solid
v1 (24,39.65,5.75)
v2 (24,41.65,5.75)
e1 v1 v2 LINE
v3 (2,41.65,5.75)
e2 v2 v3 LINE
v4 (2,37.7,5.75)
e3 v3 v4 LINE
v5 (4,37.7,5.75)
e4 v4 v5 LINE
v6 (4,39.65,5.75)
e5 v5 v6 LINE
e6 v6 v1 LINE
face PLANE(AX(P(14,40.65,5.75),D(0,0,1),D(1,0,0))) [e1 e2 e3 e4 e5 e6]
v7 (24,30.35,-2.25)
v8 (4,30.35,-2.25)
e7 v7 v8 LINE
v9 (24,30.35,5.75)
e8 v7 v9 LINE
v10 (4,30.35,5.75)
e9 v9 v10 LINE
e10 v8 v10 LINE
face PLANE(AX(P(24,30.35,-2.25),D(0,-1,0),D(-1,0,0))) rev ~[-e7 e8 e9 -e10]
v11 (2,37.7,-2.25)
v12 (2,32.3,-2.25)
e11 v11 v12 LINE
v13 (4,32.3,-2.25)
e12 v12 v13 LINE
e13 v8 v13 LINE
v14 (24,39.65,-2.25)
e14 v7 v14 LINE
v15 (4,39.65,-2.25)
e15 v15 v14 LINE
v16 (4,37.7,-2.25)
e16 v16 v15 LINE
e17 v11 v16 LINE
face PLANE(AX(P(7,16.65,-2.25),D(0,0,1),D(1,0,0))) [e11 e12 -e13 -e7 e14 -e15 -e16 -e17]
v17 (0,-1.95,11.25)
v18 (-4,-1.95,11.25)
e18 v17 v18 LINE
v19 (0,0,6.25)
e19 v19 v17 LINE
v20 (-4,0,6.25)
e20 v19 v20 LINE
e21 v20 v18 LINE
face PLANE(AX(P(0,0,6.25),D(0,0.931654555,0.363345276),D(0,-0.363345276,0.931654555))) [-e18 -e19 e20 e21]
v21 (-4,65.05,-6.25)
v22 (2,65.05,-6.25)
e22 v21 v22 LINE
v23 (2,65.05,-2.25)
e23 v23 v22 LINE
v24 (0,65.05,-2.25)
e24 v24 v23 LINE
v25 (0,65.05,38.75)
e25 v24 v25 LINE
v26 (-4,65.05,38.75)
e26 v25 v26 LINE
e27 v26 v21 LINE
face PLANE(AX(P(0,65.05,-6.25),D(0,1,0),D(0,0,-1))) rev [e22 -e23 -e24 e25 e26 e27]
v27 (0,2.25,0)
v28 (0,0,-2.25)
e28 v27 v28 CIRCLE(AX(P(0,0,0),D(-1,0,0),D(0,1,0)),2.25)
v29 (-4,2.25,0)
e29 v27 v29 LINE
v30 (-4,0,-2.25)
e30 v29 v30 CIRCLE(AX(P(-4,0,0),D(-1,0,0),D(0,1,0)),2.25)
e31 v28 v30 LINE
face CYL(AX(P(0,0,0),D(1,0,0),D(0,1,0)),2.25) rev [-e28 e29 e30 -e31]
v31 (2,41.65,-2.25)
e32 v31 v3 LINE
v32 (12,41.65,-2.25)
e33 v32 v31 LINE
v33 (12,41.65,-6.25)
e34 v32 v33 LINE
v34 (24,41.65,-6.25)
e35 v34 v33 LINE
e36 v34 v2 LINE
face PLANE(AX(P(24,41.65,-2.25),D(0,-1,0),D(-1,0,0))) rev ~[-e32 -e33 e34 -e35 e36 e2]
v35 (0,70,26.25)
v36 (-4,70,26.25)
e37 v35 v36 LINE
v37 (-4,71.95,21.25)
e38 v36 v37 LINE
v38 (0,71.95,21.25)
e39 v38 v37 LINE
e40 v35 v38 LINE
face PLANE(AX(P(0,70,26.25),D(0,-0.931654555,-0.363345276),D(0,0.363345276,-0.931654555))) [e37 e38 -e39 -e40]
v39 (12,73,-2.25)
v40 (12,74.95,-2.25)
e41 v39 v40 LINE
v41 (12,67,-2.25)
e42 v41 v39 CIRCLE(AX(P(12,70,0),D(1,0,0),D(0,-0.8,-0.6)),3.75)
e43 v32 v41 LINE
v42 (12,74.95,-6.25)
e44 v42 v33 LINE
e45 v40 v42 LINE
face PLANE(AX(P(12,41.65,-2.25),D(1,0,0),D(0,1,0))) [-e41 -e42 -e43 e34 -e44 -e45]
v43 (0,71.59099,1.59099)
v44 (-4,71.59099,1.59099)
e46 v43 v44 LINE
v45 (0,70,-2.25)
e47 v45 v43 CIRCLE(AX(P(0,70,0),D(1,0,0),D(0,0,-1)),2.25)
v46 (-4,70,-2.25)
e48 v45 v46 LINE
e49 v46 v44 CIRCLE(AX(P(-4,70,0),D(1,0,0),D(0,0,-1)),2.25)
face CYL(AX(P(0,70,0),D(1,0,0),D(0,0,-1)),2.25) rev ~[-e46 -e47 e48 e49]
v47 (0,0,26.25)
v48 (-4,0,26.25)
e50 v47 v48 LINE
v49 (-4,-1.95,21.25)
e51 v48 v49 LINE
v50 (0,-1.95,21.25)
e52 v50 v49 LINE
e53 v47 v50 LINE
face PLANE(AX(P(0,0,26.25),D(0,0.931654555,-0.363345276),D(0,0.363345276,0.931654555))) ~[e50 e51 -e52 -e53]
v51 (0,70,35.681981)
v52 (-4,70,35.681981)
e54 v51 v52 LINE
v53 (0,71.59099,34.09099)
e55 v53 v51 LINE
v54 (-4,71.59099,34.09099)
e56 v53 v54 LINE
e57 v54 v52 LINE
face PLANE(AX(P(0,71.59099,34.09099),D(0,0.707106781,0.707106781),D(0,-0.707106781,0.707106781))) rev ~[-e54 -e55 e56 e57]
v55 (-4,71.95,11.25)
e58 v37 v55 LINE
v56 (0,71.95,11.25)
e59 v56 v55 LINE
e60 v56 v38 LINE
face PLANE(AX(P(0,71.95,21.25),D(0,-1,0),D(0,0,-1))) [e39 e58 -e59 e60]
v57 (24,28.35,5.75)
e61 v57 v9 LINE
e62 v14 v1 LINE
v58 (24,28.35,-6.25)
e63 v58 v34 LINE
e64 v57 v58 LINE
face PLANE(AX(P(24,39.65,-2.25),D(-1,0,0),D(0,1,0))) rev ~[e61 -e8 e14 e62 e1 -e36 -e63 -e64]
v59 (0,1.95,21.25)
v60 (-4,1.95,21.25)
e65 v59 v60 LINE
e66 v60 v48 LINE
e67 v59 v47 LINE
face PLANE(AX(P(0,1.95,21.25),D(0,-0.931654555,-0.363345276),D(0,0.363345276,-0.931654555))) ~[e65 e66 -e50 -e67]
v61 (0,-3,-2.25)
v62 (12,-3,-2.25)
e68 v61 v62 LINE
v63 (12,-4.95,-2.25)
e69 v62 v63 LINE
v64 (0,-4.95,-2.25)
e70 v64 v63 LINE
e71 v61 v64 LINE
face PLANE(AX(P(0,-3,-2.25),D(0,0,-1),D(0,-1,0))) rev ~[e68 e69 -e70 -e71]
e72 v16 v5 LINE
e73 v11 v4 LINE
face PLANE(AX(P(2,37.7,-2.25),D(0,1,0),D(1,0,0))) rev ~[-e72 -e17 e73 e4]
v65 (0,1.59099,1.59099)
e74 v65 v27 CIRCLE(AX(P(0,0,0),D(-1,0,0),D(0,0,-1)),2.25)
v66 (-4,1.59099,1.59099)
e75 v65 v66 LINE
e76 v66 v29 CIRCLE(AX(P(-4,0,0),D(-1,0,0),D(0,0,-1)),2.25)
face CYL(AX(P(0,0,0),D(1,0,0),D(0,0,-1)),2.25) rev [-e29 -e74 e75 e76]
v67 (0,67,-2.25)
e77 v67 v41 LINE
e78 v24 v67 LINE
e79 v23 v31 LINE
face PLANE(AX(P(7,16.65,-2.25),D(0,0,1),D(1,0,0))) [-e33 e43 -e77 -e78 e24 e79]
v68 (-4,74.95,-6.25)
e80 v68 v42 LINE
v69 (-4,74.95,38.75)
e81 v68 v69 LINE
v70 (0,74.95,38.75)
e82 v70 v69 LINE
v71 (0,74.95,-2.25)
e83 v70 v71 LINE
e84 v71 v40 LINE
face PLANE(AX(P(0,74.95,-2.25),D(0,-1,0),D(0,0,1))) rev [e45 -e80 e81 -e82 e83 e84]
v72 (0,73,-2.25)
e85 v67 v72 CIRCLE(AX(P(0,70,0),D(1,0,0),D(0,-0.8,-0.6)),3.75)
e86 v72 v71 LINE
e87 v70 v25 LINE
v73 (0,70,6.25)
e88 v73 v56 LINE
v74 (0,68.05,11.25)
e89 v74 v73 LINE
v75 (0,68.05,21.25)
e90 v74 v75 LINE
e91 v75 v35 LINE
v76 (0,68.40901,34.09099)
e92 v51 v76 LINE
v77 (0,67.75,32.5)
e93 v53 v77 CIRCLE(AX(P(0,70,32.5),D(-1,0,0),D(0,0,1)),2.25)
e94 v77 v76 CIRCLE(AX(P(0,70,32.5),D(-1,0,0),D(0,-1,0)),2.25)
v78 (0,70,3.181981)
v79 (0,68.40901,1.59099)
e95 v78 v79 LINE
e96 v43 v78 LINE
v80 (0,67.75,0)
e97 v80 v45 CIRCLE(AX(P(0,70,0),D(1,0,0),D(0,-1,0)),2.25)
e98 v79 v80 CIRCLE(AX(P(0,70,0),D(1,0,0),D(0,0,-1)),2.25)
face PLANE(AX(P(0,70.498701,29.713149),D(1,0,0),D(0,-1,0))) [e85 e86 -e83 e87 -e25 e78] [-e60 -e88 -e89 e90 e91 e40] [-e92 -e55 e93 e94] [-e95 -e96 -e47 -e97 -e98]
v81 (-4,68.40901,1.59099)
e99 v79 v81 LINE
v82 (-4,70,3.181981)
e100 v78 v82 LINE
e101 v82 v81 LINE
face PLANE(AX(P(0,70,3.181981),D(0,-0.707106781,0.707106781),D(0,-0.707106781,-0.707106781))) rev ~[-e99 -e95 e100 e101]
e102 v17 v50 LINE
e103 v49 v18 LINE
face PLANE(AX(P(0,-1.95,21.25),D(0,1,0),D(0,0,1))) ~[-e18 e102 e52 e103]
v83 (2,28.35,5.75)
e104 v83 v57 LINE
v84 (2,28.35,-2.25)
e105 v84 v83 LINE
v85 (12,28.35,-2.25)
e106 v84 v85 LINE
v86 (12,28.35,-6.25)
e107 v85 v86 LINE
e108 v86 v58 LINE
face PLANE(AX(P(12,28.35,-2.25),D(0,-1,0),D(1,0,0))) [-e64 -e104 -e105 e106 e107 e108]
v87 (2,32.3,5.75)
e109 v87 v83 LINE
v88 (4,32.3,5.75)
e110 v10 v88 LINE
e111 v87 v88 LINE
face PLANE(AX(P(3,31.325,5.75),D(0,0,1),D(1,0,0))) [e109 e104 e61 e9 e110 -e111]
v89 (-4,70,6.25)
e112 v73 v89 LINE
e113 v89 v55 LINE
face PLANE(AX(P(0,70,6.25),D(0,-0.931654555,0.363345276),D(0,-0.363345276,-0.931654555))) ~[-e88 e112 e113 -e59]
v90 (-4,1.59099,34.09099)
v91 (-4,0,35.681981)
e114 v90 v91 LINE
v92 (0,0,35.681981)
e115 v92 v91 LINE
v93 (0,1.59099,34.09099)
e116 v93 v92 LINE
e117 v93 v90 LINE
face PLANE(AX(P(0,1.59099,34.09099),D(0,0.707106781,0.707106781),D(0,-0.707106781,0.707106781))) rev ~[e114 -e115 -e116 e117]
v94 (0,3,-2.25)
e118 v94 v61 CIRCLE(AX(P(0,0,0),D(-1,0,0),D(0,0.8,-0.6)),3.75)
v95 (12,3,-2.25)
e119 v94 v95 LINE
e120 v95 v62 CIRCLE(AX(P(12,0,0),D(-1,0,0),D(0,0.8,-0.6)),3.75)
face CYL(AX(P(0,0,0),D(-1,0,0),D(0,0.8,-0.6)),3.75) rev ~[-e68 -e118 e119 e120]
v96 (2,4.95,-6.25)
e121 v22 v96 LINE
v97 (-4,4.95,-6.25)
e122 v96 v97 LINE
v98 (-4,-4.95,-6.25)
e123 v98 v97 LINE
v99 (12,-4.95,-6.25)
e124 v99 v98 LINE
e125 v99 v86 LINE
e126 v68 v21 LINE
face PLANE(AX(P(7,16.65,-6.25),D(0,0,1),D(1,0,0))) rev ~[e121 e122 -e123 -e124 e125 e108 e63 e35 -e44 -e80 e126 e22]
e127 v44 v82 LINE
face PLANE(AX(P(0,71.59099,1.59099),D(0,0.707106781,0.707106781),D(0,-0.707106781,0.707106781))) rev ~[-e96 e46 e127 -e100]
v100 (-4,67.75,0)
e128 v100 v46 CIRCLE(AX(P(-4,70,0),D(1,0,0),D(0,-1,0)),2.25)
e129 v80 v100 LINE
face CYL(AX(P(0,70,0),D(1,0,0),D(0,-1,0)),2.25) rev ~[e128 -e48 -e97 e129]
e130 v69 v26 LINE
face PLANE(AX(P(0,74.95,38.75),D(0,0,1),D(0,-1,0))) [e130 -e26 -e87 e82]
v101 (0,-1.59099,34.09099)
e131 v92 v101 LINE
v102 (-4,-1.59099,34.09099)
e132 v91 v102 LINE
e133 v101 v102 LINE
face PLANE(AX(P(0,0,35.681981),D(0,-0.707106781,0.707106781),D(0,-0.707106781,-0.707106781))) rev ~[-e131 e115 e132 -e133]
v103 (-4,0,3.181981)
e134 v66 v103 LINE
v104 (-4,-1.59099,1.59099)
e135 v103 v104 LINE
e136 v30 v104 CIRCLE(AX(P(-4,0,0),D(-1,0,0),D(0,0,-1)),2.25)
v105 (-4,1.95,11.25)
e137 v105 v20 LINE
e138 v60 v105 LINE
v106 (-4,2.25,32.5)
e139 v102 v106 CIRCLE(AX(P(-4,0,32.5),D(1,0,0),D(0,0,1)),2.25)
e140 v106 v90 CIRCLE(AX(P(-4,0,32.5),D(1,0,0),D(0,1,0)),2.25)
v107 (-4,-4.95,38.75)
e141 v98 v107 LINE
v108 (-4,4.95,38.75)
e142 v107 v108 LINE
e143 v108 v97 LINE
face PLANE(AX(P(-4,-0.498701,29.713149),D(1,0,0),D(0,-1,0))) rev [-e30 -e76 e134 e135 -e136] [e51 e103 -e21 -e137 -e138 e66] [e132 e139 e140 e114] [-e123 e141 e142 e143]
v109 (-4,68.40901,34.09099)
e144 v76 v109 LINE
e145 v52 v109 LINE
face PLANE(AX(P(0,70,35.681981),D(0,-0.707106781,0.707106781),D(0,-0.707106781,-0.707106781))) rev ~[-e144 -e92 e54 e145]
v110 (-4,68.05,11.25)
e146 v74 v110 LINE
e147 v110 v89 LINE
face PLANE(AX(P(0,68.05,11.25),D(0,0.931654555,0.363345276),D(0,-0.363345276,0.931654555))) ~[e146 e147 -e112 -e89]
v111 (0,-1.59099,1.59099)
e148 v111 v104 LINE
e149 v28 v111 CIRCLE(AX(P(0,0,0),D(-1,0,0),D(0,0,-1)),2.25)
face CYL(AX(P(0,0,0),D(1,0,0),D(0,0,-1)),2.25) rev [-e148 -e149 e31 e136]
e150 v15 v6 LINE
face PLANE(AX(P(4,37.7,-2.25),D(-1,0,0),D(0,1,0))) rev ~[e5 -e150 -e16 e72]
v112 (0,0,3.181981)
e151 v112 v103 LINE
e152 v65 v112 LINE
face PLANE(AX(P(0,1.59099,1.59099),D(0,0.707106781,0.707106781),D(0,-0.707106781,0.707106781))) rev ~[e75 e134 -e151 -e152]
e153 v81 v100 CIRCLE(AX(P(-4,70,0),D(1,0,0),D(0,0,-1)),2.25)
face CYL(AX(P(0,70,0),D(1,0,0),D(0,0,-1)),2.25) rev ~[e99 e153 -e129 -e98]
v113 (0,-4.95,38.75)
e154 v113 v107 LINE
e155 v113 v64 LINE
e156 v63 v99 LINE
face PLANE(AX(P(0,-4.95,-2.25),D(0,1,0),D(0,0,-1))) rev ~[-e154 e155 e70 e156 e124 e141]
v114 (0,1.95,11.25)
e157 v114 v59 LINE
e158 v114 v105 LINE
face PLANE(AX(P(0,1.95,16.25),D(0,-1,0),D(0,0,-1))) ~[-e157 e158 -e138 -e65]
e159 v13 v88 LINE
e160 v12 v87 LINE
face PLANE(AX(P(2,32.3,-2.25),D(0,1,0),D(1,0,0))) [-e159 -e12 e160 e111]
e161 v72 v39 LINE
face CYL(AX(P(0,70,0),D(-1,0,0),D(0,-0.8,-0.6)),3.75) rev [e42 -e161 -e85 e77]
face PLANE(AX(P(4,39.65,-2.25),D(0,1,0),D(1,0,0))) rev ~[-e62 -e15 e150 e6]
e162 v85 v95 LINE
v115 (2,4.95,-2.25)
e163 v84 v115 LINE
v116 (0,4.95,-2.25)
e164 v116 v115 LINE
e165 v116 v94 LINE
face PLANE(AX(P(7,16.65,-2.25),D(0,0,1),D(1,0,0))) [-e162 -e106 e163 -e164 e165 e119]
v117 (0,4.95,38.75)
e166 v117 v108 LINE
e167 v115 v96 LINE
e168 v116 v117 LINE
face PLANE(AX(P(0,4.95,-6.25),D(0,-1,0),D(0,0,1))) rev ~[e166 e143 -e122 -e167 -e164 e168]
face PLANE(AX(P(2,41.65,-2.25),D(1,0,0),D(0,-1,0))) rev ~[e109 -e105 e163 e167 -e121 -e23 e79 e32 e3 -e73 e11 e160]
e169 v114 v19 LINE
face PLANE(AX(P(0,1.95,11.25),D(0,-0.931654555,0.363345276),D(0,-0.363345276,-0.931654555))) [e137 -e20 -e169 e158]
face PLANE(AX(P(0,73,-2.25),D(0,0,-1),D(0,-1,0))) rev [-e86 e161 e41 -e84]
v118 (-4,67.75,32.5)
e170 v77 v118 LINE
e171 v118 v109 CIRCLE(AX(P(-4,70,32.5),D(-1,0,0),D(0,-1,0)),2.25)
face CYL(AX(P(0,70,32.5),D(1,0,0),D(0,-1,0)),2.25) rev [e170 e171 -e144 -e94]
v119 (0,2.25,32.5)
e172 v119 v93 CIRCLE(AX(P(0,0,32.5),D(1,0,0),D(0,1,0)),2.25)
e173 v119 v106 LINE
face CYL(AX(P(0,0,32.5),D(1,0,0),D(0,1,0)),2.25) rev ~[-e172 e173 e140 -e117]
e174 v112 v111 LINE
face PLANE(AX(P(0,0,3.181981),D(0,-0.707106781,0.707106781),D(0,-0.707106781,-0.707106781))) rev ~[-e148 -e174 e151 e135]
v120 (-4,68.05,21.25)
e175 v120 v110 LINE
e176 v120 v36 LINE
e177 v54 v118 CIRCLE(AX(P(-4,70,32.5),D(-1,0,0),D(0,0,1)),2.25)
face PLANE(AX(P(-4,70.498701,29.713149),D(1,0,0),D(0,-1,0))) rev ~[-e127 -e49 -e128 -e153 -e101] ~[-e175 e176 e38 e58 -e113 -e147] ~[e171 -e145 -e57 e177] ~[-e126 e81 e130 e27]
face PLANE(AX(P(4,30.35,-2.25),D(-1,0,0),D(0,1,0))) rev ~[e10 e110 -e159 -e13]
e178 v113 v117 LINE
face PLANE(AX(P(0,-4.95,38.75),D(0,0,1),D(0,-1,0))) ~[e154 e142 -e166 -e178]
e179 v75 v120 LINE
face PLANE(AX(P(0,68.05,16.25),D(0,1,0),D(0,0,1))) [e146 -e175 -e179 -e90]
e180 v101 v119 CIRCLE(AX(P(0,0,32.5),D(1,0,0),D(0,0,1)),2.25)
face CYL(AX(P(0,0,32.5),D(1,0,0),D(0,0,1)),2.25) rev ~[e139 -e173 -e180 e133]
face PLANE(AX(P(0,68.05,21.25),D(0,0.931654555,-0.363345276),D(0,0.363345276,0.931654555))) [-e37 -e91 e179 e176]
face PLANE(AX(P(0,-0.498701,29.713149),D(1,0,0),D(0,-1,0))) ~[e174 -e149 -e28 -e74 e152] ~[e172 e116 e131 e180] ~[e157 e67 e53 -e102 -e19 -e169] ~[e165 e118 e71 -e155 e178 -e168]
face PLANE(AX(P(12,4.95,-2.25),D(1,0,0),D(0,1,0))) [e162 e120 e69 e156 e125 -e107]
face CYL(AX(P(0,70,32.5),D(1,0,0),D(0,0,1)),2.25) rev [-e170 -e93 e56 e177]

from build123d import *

# Parameters (mm, degrees)
F1_DEPTH  = 4
F2_DEPTH  = 12
F7_W      = 2
F7_H      = 2
F7_H_2    = 1.95
F8_DEPTH  = 4
F9_DEPTH  = 8
F11_DEPTH = 4


with BuildPart() as f1:
    # F0 (on Right) → F1 (new body)
    with BuildSketch(Plane.YZ):
        with BuildLine():
            Line((4.95, 0), (4.95, 6.25))
            Line((4.95, 6.25), (1.95, 6.25))
            Line((1.95, 6.25), (0, 6.25))
            Line((0, 6.25), (-1.95, 6.25))
            Line((-1.95, 6.25), (-4.95, 6.25))
            Line((-4.95, 6.25), (-4.95, -2.25))
            Line((-4.95, -2.25), (-3, -2.25))
            ThreePointArc((-3, -2.25), (-1.1858541226, 3.5575623677), (3.75, 0))
            Line((3.75, 0), (4.95, 0))
        make_face()
        Polygon((-4.95, 6.25), (-1.95, 6.25), (-1.95, 11.25), (-1.95, 16.25), (-4.95, 16.25), align=None)
        Polygon((1.95, 6.25), (4.95, 6.25), (4.95, 16.25), (1.95, 16.25), (1.95, 11.25), align=None)
        with BuildLine():
            Line((4.95, -6.25), (4.95, -2.25))
            Line((4.95, -2.25), (3, -2.25))
            ThreePointArc((3, -2.25), (0, -3.75), (-3, -2.25))
            Line((-3, -2.25), (-4.95, -2.25))
            Line((-4.95, -2.25), (-4.95, -6.25))
            Line((-4.95, -6.25), (4.95, -6.25))
        make_face()
        with BuildLine():
            Line((4.95, -2.25), (4.95, 0))
            Line((4.95, 0), (3.75, 0))
            ThreePointArc((3.75, 0), (3.5575623677, -1.1858541226), (3, -2.25))
            Line((3, -2.25), (4.95, -2.25))
        make_face()
        with BuildLine():
            ThreePointArc((-3, -2.25), (0, -3.75), (3, -2.25))
            Line((3, -2.25), (0, -2.25))
            Line((0, -2.25), (-3, -2.25))
        make_face()
        with BuildLine():
            Line((2.25, 0), (3.75, 0))
            ThreePointArc((3.75, 0), (-1.1858541226, 3.5575623677), (-3, -2.25))
            Line((-3, -2.25), (0, -2.25))
            ThreePointArc((0, -2.25), (-1.5909902577, 1.5909902577), (2.25, 0))
        make_face()
        with BuildLine():
            ThreePointArc((3, -2.25), (3.5575623677, -1.1858541226), (3.75, 0))
            Line((3.75, 0), (2.25, 0))
            ThreePointArc((2.25, 0), (1.5909902577, -1.5909902577), (0, -2.25))
            Line((0, -2.25), (3, -2.25))
        make_face()
        Polygon((-1.95, 6.25), (0, 6.25), (-1.95, 11.25), align=None)
        Polygon((0, 6.25), (1.95, 6.25), (1.95, 11.25), align=None)
    extrude(amount=-F1_DEPTH)

    # F4: F1 across plane


with BuildPart() as f2:
    # F0 (on Right) → F2 (new body)
    with BuildSketch(Plane.YZ):
        with BuildLine():
            Line((4.95, -6.25), (4.95, -2.25))
            Line((4.95, -2.25), (3, -2.25))
            ThreePointArc((3, -2.25), (0, -3.75), (-3, -2.25))
            Line((-3, -2.25), (-4.95, -2.25))
            Line((-4.95, -2.25), (-4.95, -6.25))
            Line((-4.95, -6.25), (4.95, -6.25))
        make_face()
    extrude(amount=F2_DEPTH)


with BuildPart() as f1_1:
    add(f1.part)
    add(f1.part.mirror(Plane(origin=(-2, 3.45, 16.25), x_dir=(1, 0, 0), z_dir=(0, 0, 1))))


with BuildPart() as f6_1:
    # F6: instance of F1
    add(f1_1.part.mirror(Plane(origin=(0, 35, 0), x_dir=(-1, 0, 0), z_dir=(0, 1, 0))))


with BuildPart() as f6_2:
    # F6: instance of F2
    add(f2.part.mirror(Plane(origin=(0, 35, 0), x_dir=(-1, 0, 0), z_dir=(0, 1, 0))))


with BuildPart() as f8:
    # F7 (on face) → F8 (new body)
    with BuildSketch(Plane.XY.offset(-2.25)):
        Polygon((2, 28.35), (2, 4.95), (12, 4.95), (12, 28.35), (4, 28.35), align=None)
        Polygon((4, 30.35), (4, 28.35), (12, 28.35), (24, 28.35), (24, 30.35), align=None)
        with Locations((3, 29.35)):
            Rectangle(F7_W, F7_H)
        with Locations((3, 31.325)):
            Rectangle(F7_W, F7_H_2)
        with Locations((3, 38.675)):
            Rectangle(F7_W, F7_H_2)
        with Locations((3, 40.65)):
            Rectangle(F7_W, F7_H)
        Polygon((4, 39.65), (24, 39.65), (24, 41.65), (12, 41.65), (4, 41.65), align=None)
        Polygon((2, 65.05), (2, 41.65), (4, 41.65), (12, 41.65), (12, 65.05), align=None)
        Polygon((4, 32.3), (4, 30.35), (24, 30.35), (24, 39.65), (4, 39.65), (4, 37.7), align=None)
        Polygon((2, 35), (2, 32.3), (4, 32.3), (4, 37.7), (2, 37.7), align=None)
    extrude(amount=-F8_DEPTH)


with BuildPart() as f1_2:
    add(f1_1.part)

    add(f2.part)  # F9 merges F2

    add(f6_1.part)  # F9 merges F6_1

    add(f6_2.part)  # F9 merges F6_2

    add(f8.part)  # F9 merges F8
    # F7 (on face) → F9 (join)
    with BuildSketch(Plane.XY.offset(-2.25)):
        Polygon((4, 39.65), (24, 39.65), (24, 41.65), (12, 41.65), (4, 41.65), align=None)
        with Locations((3, 40.65)):
            Rectangle(F7_W, F7_H)
        with Locations((3, 38.675)):
            Rectangle(F7_W, F7_H_2)
        with Locations((3, 31.325)):
            Rectangle(F7_W, F7_H_2)
        with Locations((3, 29.35)):
            Rectangle(F7_W, F7_H)
        Polygon((4, 30.35), (4, 28.35), (12, 28.35), (24, 28.35), (24, 30.35), align=None)
    extrude(amount=F9_DEPTH)

    # F10 (on Right) → F11 (cut)
    with BuildSketch(Plane.YZ):
        with BuildLine():
            ThreePointArc((0, 34.75), (0.8610377228, 34.5787289482), (1.5909902577, 34.0909902577))
            Line((1.5909902577, 34.0909902577), (0, 35.6819805153))
            Line((0, 35.6819805153), (-1.5909902577, 34.0909902577))
            ThreePointArc((-1.5909902577, 34.0909902577), (-0.8610377228, 34.5787289482), (0, 34.75))
        make_face()
        with BuildLine():
            ThreePointArc((-1.5909902577, 1.5909902577), (-0.8610377228, 2.0787289482), (0, 2.25))
            ThreePointArc((0, 2.25), (0.8610377228, 2.0787289482), (1.5909902577, 1.5909902577))
            Line((1.5909902577, 1.5909902577), (0, 3.1819805153))
            Line((0, 3.1819805153), (-1.5909902577, 1.5909902577))
        make_face()
        with BuildLine():
            ThreePointArc((70, 2.25), (70.8610377228, 2.0787289482), (71.5909902577, 1.5909902577))
            Line((71.5909902577, 1.5909902577), (70, 3.1819805153))
            Line((70, 3.1819805153), (68.4090097423, 1.5909902577))
            ThreePointArc((68.4090097423, 1.5909902577), (69.1389622772, 2.0787289482), (70, 2.25))
        make_face()
        with BuildLine():
            ThreePointArc((70, 34.75), (70.8610377228, 34.5787289482), (71.5909902577, 34.0909902577))
            Line((71.5909902577, 34.0909902577), (70, 35.6819805153))
            Line((70, 35.6819805153), (68.4090097423, 34.0909902577))
            ThreePointArc((68.4090097423, 34.0909902577), (69.1389622772, 34.5787289482), (70, 34.75))
        make_face()
    extrude(amount=-F11_DEPTH, mode=Mode.SUBTRACT)


solid = f1_2.part
